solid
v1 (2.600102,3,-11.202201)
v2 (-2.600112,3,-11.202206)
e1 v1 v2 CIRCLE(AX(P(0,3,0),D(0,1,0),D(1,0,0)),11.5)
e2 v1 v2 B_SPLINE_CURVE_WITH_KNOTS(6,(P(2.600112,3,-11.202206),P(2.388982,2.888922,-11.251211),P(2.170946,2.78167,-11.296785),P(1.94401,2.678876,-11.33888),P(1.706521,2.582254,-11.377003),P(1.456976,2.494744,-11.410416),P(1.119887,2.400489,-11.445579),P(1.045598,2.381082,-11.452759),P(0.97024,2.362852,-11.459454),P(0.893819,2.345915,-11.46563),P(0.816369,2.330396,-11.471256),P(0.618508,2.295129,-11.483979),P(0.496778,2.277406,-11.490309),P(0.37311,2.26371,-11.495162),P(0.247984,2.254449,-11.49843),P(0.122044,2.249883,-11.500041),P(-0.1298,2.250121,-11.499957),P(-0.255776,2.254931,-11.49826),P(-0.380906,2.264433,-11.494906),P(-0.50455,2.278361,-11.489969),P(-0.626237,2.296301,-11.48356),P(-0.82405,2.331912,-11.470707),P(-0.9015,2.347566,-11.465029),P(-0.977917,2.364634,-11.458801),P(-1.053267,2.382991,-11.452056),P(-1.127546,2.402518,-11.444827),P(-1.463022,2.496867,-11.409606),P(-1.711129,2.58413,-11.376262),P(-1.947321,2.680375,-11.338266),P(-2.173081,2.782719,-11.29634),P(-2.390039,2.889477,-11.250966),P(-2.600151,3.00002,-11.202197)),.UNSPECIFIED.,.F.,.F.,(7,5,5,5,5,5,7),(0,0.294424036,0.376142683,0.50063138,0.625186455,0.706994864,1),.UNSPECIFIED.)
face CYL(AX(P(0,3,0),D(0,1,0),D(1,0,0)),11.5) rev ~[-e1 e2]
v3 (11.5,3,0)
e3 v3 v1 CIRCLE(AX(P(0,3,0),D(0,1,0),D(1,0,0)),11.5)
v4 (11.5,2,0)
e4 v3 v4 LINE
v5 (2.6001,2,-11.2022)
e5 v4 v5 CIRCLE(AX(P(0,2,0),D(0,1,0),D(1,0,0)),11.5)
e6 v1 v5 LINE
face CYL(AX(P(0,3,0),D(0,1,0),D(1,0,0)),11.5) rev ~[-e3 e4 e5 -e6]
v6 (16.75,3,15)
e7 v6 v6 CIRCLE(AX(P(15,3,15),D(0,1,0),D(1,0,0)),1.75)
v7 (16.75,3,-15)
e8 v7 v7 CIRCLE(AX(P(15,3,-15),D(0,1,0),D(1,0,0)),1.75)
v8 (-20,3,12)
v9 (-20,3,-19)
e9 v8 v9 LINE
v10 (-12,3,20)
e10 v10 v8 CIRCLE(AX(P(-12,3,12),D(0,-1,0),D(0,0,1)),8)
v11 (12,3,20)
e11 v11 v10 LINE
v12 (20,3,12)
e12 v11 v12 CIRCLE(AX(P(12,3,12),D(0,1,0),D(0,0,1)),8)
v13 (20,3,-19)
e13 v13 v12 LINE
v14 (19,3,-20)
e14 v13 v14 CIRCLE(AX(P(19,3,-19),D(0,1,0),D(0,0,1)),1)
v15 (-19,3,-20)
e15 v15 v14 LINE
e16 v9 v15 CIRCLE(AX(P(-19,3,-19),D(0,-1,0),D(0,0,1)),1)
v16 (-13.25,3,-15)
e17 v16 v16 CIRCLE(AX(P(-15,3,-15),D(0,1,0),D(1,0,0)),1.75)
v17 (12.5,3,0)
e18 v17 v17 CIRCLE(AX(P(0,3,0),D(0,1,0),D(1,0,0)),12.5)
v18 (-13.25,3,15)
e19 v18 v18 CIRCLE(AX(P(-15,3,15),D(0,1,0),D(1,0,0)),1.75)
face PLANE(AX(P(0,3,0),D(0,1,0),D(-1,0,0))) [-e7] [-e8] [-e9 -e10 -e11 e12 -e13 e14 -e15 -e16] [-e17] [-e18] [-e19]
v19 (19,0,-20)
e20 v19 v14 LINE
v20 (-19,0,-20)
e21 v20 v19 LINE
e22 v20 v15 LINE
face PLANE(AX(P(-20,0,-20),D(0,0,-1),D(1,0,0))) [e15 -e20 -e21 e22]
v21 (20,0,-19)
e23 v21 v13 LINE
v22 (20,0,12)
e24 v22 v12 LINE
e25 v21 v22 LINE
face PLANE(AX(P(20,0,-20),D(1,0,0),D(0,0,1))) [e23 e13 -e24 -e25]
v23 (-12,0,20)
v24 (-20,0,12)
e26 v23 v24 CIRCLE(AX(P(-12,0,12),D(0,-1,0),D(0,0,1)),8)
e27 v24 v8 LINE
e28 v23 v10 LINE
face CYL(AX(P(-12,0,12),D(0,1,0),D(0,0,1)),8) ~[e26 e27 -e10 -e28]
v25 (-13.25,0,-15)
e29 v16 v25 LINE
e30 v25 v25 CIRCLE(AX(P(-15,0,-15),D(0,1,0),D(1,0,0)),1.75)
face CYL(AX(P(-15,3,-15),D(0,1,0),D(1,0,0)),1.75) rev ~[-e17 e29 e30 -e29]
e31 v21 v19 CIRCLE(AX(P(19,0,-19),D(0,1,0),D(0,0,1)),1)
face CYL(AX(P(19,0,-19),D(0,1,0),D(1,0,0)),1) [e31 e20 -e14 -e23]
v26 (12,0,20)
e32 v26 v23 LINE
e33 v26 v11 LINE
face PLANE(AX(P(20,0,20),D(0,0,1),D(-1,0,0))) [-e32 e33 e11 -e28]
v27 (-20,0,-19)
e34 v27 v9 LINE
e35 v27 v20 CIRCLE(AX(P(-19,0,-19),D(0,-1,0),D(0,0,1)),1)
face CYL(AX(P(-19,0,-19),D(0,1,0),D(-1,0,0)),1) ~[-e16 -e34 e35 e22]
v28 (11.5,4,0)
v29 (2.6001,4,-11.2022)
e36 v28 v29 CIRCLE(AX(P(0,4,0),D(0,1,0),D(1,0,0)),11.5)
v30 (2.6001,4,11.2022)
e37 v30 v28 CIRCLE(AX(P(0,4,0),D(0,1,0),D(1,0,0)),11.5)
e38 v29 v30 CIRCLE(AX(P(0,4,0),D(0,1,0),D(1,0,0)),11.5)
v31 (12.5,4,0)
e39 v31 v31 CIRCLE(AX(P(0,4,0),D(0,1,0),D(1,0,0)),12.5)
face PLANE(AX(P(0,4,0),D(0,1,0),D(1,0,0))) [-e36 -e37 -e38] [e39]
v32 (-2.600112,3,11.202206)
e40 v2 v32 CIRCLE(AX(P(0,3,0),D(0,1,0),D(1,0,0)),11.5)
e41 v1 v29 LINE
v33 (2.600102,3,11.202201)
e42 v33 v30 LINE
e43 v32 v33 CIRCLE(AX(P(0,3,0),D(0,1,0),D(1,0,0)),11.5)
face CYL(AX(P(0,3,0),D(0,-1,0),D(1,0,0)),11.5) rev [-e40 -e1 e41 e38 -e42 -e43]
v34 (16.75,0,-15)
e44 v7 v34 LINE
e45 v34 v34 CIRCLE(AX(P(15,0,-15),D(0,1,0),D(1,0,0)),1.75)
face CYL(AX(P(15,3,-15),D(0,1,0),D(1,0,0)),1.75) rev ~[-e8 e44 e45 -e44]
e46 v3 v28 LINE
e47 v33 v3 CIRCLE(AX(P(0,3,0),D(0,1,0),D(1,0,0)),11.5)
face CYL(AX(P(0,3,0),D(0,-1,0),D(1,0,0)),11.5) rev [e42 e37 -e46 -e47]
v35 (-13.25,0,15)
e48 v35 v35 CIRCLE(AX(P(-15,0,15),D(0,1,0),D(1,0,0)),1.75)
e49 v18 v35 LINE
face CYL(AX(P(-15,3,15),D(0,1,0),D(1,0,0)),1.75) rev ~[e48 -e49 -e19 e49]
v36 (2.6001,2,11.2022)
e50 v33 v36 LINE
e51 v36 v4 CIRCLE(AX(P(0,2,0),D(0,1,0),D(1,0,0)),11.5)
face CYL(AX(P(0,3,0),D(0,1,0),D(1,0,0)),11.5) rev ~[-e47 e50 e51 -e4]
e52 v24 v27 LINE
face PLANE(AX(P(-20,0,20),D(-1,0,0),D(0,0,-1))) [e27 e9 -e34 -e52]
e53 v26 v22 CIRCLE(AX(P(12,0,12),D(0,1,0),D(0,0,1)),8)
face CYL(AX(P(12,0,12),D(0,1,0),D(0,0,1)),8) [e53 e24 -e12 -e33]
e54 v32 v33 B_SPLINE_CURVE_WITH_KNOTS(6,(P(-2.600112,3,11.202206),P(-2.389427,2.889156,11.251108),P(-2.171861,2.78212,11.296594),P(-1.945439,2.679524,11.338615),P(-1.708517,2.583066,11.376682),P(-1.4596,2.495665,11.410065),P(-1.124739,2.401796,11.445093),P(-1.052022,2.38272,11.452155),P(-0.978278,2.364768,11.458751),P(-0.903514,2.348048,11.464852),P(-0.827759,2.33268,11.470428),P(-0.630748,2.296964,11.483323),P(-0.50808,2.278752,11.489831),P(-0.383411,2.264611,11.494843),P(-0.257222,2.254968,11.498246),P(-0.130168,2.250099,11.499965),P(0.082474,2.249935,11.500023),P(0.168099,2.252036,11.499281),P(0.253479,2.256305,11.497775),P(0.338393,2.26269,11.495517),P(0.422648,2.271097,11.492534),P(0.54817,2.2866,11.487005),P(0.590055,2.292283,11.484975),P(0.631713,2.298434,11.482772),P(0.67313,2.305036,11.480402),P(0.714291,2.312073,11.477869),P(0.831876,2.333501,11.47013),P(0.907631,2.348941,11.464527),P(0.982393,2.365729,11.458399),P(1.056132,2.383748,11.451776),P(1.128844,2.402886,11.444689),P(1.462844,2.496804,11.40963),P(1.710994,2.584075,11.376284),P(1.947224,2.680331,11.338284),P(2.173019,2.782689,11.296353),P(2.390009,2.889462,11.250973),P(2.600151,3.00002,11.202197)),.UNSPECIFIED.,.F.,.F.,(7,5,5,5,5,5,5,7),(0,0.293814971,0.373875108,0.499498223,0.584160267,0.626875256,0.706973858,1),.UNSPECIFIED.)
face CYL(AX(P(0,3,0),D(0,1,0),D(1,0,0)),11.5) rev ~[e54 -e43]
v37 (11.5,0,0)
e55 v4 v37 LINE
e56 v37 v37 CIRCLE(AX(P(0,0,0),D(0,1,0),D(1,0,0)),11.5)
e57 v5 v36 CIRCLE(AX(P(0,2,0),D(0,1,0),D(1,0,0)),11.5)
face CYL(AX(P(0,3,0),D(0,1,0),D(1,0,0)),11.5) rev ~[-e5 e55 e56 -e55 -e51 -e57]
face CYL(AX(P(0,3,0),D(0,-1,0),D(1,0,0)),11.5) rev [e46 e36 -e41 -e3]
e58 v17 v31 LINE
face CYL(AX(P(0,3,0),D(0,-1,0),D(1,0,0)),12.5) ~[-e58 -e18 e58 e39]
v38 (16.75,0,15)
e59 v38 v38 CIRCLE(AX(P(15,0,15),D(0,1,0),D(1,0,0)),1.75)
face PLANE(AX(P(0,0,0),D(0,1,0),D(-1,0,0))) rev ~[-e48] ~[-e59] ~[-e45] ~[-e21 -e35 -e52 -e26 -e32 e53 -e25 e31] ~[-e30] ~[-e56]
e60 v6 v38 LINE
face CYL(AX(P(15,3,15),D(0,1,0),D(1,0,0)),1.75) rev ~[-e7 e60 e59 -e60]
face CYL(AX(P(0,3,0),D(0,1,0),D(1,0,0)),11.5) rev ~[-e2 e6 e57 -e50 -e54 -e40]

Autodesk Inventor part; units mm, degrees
ref_plane "YZ Plane" through (0, 0, 0) normal (1, 0, 0) x (0, 1, 0)
ref_plane "XZ Plane" through (0, 0, 0) normal (0, 1, 0) x (-1, 0, 0)
ref_plane "XY Plane" through (0, 0, 0) normal (0, 0, 1) x (1, 0, 0)
sketch "Sketch1" plane through (0, 0, 0) normal (0, 1, 0) x (-1, 0, 0)
  line L0 (-20, 20) -> (20, 20)
  line L1 (20, 20) -> (20, -20)
  line L2 (20, -20) -> (-20, -20)
  line L3 (-20, -20) -> (-20, 20)
  line L4 (-20, 20) -> (20, -20) construction
  line L5 (20, 20) -> (-20, -20) construction
  circle A0 centre (0, 0) radius 4
  circle A1 centre (0, 8.5) radius 1.75
  circle A2 centre (0, -8.5) radius 1.75
  point P0 (0, 0)
  point P1 (0, 0)
  dimension "d0" = 40
  dimension "d1" = 40
  dimension "d2" = 8
  dimension "d3" = 3.5
  dimension "d4" = 3.5
  dimension "d5" = 8.5
  dimension "d6" = 8.5
extrude "Extrusion1" add sketch "Sketch1" along normal blind 3
chamfer "Chamfer1" distance 2 angle 45 2 edges at (1.75, 3, -8.5) (1.75, 3, 8.5)
sketch "Sketch3" plane through (0, 3, 0) normal (0, 1, 0) x (1, 0, 0)
  circle A0 centre (-15, -15) radius 1.75
  circle A1 centre (-15, 15) radius 1.75
  circle A2 centre (15, 15) radius 1.75
  circle A3 centre (15, -15) radius 1.75
  point P0 (0, 0)
  dimension "d13" = 3.5
  dimension "d14" = 15
  dimension "d15" = 15
  dimension "d16" = 15
  dimension "d17" = 15
extrude "Extrusion2" cut sketch "Sketch3" against normal through all
sketch "Sketch4" plane through (0, 3, 0) normal (0, 1, 0) x (1, 0, 0)
  circle A0 centre (0, 0) radius 11.5
  dimension "d20" = 23
extrude "Extrusion3" cut sketch "Sketch4" against normal blind 10
sketch "Sketch5" plane through (0, 3, 0) normal (0, 1, 0) x (1, 0, 0)
  circle A0 centre (0, 0) radius 11.5
  circle A1 centre (0, 0) radius 12.5
  arc A2 (2.6001, -11.2022) -> (2.6001, 11.2022) centre (0, 0) ccw projected
  dimension "d23" = 1
extrude "Extrusion4" add sketch "Sketch5" along normal mid plane 2
fillet "Fillet2" radius 8 2 edges at (-20, 1.5, 20) (20, 1.5, 20)
fillet "Fillet3" radius 1 2 edges at (20, 1.5, -20) (-20, 1.5, -20)
properties part number "soportemotor"
